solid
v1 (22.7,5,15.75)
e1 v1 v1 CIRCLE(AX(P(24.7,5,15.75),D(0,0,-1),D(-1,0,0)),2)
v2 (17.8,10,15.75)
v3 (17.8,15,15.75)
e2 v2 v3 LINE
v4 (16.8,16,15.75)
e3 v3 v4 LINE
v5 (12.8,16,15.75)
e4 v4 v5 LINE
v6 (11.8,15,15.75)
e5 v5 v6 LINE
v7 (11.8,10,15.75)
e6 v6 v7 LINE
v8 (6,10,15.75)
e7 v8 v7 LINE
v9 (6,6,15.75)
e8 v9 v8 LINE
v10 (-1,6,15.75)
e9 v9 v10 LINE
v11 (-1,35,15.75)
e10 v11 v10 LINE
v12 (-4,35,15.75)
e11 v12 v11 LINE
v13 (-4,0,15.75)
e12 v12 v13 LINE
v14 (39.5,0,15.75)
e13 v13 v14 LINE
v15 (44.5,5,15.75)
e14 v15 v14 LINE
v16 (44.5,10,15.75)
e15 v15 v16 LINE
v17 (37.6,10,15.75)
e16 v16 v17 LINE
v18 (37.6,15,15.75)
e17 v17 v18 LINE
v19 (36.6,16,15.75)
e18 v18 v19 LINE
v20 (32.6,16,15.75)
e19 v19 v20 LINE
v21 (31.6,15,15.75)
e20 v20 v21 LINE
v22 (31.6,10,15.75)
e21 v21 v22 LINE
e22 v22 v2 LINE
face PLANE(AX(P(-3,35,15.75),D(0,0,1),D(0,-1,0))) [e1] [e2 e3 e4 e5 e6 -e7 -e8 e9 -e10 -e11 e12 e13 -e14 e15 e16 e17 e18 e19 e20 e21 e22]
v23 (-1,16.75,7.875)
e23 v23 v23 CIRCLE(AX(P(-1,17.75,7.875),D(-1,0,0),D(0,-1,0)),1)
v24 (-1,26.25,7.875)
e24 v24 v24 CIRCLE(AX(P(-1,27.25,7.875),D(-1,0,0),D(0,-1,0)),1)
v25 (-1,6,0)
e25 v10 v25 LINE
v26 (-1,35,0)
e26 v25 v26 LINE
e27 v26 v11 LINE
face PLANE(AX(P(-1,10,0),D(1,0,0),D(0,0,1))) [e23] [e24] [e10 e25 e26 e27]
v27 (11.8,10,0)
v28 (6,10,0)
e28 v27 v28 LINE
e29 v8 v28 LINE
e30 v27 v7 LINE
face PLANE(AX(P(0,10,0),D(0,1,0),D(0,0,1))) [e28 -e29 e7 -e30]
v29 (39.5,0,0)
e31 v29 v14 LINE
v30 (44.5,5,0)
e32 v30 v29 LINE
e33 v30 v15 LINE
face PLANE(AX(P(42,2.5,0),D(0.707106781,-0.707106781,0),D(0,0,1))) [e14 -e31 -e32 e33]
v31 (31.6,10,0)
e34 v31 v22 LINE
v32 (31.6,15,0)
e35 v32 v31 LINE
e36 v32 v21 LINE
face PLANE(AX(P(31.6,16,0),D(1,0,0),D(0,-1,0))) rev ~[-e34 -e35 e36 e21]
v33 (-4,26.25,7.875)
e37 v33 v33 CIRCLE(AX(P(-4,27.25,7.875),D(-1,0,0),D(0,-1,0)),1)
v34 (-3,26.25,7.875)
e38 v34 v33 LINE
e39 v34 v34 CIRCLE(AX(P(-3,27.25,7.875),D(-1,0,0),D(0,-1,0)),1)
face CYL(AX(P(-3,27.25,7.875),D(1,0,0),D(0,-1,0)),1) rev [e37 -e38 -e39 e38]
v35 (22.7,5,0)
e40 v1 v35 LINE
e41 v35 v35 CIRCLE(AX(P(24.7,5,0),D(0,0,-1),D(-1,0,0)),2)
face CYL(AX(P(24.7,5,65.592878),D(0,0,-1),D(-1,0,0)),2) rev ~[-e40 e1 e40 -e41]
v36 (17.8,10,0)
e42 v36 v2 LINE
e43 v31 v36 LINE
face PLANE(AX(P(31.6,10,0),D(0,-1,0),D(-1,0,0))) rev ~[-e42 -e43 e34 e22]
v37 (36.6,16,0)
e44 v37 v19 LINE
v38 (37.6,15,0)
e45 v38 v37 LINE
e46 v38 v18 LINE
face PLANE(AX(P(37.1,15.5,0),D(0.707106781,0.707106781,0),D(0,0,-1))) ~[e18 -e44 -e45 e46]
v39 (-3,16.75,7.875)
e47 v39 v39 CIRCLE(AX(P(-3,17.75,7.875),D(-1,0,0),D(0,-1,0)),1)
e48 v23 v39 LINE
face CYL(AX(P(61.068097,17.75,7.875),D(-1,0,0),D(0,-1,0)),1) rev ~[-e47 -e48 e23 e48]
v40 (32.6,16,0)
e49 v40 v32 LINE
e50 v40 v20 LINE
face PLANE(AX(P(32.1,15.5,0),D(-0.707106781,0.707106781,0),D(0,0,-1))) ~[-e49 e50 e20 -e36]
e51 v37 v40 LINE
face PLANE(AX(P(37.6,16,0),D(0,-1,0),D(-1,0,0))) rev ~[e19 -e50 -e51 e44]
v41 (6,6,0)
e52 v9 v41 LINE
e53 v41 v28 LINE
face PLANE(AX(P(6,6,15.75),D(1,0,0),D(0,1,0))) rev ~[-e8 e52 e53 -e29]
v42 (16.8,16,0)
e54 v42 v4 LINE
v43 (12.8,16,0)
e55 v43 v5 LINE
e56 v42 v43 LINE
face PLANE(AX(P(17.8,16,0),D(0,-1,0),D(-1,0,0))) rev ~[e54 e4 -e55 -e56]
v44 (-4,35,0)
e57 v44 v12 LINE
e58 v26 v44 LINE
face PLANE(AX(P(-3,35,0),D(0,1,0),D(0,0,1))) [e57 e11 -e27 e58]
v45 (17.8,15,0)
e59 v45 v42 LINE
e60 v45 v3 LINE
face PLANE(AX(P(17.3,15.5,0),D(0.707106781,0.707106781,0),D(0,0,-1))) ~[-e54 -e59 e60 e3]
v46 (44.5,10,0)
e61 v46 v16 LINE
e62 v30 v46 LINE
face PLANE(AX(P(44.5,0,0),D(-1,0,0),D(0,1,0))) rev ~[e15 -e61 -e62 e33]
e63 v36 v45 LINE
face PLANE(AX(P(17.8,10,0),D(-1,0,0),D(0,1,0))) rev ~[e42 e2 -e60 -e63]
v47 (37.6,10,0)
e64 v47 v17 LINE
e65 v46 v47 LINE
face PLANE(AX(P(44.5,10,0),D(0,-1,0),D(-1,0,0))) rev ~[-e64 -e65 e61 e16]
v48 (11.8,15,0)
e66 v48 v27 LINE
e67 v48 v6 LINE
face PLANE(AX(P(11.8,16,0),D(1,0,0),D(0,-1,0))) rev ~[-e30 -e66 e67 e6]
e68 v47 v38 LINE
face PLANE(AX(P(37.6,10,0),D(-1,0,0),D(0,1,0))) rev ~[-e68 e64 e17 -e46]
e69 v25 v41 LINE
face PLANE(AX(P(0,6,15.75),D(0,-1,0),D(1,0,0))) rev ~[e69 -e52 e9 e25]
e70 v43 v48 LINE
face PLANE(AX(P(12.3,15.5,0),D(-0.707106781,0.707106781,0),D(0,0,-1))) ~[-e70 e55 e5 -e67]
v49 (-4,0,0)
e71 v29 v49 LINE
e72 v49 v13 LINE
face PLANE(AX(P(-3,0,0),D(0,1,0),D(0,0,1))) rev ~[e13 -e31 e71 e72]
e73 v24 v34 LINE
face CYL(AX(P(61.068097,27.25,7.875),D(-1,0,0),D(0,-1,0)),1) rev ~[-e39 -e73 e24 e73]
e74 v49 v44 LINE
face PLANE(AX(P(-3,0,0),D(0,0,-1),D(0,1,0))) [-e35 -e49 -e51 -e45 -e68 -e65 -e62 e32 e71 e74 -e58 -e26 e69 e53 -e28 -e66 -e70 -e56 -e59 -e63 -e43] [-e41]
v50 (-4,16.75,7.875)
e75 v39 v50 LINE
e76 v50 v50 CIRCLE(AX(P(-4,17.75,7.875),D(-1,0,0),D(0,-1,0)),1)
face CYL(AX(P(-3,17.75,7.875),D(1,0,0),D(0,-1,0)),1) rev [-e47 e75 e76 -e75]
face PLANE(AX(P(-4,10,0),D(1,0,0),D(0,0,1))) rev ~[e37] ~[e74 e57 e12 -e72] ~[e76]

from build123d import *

# Parameters (mm, degrees)
F1_DEPTH  = 15.75
F4_D      = 4
F5_DEPTH  = 3
F6_W      = 3
F6_H      = 15.75
F7_DEPTH  = 25
F9_D      = 2
F10_W     = 6
F10_H     = 4
F11_DEPTH = 15.751
F12_SIZE  = 1
F13_SIZE  = 5
F14_DEPTH = 1
F15_DEPTH = 1


with BuildPart() as f1:
    # F0 (on Top) → F1 (new body)
    with BuildSketch(Plane.XY):
        Polygon((0, 0), (44.5, 0), (44.5, 10), (37.6, 10), (37.6, 16), (31.6, 16), (31.6, 10), (17.8, 10), (17.8, 16), (11.8, 16), (11.8, 10), (0, 10), align=None)
    extrude(amount=F1_DEPTH)

    # F4 (through all)
    with Locations(Plane.XY.offset(15.75)):
        with Locations((24.7, 5)):
            Hole(F4_D / 2)

    # F5 (add): a face of the model
    f5_faces = [f1.faces().sort_by_distance(p)[0] for p in [
        (0, 5, 7.875),
    ]]
    extrude(f5_faces, amount=F5_DEPTH)

    # F6 (on face) → F7 (join)
    with BuildSketch(Plane(origin=(0, 10, 0), x_dir=(-1, 0, 0), z_dir=(0, 1, 0))):
        with Locations((1.5, 7.875)):
            Rectangle(F6_W, F6_H)
    extrude(amount=F7_DEPTH)

    # F9 (through all)
    with Locations(Plane.YZ):
        with Locations((27.25, 7.875), (17.75, 7.875)):
            Hole(F9_D / 2)

    # F10 (on face) → F11 (cut, through all)
    with BuildSketch(Plane.XY.offset(15.75)):
        with Locations((3, 8)):
            Rectangle(F10_W, F10_H)
    extrude(amount=-F11_DEPTH, mode=Mode.SUBTRACT)

    # F12
    f12_edges = [f1.edges().sort_by_distance(p)[0] for p in [
        (11.8, 16, 7.875),
        (17.8, 16, 7.875),
        (31.6, 16, 7.875),
        (37.6, 16, 7.875),
    ]]
    chamfer(f12_edges, length=F12_SIZE)

    # F13
    f13_edges = [f1.edges().sort_by_distance(p)[0] for p in [
        (44.5, 0, 7.875),
    ]]
    chamfer(f13_edges, length=F13_SIZE)

    # F14 (add): a face of the model
    f14_faces = [f1.faces().sort_by_distance(p)[0] for p in [
        (-3, 0.3838049635, 7.875),
    ]]
    extrude(f14_faces, amount=F14_DEPTH)

    # F15 (cut): a face of the model
    f15_faces = [f1.faces().sort_by_distance(p)[0] for p in [
        (0, 20.4721036707, 7.875),
    ]]
    extrude(f15_faces, amount=-F15_DEPTH, mode=Mode.SUBTRACT)


solid = f1.part
